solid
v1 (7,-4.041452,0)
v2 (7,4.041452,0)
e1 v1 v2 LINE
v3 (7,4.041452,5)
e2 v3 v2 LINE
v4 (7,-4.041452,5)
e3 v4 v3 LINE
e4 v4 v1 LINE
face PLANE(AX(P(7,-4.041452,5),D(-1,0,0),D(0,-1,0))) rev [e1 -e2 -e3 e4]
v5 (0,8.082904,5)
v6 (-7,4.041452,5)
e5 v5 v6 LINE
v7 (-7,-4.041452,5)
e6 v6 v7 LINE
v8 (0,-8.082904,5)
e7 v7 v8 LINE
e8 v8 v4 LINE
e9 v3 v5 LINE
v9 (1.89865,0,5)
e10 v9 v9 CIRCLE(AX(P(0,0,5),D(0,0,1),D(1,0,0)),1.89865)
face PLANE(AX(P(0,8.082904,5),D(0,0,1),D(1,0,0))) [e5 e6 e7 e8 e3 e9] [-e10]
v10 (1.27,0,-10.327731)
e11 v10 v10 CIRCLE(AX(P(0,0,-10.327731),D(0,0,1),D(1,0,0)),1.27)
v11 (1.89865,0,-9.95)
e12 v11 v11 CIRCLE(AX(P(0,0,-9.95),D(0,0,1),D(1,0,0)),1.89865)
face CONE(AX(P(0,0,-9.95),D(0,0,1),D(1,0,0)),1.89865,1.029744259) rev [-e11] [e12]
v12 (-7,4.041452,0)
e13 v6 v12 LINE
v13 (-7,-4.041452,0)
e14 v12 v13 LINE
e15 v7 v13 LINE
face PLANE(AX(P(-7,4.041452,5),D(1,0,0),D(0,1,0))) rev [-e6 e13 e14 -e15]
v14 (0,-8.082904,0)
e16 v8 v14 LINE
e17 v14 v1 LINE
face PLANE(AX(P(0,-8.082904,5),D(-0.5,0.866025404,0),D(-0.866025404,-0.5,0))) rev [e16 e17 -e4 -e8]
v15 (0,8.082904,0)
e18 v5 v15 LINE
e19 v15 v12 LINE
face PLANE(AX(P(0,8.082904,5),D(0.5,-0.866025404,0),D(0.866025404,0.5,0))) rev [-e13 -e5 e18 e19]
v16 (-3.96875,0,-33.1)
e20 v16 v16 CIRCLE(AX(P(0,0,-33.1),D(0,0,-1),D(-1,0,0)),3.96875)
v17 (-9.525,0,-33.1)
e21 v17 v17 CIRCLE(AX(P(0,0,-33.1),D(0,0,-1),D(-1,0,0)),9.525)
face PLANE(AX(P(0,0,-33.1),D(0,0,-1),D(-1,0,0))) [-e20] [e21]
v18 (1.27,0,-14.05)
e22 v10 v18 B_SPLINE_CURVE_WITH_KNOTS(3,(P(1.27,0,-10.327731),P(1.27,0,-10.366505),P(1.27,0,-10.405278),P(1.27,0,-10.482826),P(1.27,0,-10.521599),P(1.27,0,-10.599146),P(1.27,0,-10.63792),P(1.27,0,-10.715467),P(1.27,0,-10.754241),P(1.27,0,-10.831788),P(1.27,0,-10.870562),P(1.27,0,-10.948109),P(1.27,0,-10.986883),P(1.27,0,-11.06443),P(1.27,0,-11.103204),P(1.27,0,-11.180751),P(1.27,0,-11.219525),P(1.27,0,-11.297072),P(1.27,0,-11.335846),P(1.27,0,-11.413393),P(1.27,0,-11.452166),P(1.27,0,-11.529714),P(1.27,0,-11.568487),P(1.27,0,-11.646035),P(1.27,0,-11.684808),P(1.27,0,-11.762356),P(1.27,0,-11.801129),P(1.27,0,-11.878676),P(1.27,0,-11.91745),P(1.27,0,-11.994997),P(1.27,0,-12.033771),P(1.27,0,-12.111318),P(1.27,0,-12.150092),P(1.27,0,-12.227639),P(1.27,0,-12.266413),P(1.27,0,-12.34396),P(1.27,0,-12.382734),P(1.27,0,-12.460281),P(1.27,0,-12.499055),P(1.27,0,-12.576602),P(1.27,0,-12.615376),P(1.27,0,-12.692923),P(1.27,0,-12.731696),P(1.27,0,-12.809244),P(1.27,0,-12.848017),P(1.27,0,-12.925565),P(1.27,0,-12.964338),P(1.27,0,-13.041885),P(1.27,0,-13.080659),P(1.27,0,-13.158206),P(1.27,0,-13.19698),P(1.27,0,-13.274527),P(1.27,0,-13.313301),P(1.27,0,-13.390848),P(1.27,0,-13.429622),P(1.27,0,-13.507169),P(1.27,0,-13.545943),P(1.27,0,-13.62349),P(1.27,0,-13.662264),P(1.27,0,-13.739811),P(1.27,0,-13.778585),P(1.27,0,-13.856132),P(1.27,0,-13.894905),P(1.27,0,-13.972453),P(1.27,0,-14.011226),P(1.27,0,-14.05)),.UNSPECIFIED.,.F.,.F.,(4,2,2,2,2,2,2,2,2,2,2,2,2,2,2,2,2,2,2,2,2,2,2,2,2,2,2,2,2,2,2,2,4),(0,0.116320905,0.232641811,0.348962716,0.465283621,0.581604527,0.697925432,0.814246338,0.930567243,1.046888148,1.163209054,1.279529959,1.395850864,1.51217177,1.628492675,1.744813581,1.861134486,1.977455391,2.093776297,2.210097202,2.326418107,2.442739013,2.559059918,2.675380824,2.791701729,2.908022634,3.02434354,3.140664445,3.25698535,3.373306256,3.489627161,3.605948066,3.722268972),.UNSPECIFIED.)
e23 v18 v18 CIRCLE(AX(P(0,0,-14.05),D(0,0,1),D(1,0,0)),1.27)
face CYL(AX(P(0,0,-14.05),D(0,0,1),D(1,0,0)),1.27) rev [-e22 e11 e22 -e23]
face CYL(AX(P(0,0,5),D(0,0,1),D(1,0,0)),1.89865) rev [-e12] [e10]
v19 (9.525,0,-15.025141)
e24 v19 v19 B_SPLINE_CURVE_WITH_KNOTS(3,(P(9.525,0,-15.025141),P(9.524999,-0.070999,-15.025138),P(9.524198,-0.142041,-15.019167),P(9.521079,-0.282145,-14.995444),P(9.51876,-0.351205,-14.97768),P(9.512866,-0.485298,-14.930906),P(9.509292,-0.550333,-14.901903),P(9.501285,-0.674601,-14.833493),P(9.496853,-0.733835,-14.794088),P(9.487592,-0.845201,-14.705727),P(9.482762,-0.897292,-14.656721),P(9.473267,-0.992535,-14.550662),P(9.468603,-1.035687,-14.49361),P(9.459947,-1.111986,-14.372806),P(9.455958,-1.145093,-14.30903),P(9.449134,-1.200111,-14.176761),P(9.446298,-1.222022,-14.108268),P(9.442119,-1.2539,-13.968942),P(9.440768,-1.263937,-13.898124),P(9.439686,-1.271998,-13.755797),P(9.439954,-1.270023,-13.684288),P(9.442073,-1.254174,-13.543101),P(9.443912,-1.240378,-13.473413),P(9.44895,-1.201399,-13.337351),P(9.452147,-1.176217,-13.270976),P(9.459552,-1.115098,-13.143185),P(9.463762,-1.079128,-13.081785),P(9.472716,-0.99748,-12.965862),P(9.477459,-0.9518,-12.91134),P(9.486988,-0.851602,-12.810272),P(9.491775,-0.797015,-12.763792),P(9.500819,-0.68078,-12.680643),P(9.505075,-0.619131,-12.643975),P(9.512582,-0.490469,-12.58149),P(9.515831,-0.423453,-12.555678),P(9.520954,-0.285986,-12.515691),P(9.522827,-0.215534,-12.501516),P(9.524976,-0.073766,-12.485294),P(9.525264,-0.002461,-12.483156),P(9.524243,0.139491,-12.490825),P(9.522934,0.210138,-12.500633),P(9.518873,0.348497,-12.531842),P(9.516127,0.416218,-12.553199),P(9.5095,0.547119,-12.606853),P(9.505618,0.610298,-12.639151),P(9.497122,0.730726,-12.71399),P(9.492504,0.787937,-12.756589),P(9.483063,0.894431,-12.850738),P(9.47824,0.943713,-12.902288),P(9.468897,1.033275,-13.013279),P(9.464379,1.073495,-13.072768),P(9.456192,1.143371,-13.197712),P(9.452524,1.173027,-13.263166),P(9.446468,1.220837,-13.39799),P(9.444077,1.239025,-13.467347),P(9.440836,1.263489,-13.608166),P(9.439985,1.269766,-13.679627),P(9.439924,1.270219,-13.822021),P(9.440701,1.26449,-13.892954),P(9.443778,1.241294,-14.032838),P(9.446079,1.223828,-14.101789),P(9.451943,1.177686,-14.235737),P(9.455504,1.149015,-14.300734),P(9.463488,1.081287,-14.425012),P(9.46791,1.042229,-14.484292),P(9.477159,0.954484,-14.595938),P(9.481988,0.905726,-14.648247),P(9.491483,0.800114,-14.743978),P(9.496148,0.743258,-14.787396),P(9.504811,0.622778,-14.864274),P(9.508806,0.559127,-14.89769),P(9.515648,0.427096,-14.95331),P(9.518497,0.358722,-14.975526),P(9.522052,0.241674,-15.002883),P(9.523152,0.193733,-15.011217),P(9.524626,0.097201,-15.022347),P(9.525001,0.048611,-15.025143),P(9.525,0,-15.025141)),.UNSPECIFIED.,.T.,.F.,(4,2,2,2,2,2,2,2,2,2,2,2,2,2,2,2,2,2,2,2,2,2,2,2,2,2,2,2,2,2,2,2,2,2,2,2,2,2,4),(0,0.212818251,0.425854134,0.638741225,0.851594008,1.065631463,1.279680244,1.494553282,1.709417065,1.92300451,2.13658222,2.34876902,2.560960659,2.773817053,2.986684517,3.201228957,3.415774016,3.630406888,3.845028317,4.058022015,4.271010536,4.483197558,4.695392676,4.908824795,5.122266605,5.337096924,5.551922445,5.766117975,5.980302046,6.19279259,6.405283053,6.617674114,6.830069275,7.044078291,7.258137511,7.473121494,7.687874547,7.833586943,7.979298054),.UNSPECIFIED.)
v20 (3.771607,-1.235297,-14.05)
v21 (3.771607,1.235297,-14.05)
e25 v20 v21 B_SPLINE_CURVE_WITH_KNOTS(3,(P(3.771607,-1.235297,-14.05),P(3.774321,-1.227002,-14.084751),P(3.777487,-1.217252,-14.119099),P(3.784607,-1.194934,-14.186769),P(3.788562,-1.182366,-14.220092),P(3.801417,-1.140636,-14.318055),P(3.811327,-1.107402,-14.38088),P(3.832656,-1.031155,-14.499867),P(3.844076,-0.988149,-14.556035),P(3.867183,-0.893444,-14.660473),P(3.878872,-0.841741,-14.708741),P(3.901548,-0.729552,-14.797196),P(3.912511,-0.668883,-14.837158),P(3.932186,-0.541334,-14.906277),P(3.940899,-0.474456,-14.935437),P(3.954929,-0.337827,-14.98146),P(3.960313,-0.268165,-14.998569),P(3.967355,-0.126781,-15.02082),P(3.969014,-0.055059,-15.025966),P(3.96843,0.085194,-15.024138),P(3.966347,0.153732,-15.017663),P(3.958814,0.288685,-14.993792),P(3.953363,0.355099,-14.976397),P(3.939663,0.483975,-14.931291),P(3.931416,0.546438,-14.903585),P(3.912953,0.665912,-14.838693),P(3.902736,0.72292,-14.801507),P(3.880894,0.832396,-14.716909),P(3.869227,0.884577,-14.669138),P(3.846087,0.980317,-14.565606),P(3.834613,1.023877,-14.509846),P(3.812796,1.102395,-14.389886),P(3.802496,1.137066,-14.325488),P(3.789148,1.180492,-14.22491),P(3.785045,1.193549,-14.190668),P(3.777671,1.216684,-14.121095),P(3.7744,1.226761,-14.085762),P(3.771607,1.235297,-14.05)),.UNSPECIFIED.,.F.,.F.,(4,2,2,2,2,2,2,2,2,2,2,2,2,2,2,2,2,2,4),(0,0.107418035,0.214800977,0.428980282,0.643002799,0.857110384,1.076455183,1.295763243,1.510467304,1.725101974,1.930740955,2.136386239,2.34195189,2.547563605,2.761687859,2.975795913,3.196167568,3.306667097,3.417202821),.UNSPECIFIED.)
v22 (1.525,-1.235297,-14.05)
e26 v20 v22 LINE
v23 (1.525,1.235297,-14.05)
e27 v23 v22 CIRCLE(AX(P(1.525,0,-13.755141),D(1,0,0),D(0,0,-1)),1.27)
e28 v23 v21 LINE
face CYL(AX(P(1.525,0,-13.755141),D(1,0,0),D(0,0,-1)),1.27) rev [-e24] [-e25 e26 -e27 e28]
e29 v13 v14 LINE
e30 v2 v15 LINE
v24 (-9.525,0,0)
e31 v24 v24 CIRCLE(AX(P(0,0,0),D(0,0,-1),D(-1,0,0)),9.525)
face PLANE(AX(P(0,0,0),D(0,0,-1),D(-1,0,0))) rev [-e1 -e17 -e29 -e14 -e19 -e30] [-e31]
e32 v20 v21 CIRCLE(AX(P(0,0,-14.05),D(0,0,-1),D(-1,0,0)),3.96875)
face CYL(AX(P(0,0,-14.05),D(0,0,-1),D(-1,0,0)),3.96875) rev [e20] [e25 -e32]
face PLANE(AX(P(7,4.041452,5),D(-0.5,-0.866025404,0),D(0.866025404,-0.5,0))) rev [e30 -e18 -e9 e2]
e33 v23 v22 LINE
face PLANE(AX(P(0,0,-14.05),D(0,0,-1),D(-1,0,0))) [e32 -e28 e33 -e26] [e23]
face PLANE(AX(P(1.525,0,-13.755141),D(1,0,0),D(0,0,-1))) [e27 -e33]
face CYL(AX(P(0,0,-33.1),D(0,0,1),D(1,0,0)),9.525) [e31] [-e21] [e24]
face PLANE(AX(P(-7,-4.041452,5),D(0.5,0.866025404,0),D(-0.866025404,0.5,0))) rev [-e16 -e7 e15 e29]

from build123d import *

# Parameters (mm, degrees)
BOSS_EXTRUDE2_DEPTH        = 5
SKETCH2_R                  = 9.525
BOSS_EXTRUDE3_DEPTH        = 33.1
SKETCH3_R                  = 3.96875
CUT_EXTRUDE1_DEPTH         = 19.05
SKETCH4_R                  = 1.27
CUT_EXTRUDE2_DEPTH         = 19.05
F_10_24_TAPPED_HOLE1_D     = 3.7973
F_10_24_TAPPED_HOLE1_DEPTH = 14.95
F_10_24_TAPPED_HOLE1_TIP   = 1.140824014
SKETCH6_R                  = 1.27
CUT_EXTRUDE3_DEPTH         = 8


with BuildPart() as part:
    # Sketch1 → Boss-Extrude2 (new body)
    with BuildSketch(Plane.XY):
        Polygon((0, 8.082903769), (-7, 4.041451884), (-7, -4.041451884), (0, -8.082903769), (7, -4.041451884), (7, 4.041451884), align=None)
    extrude(amount=BOSS_EXTRUDE2_DEPTH)

    # Sketch2 → Boss-Extrude3 (add)
    with BuildSketch(Plane(origin=(0, 0, 0), x_dir=(-1, 0, 0), z_dir=(0, 0, -1))):
        Circle(SKETCH2_R)
    extrude(amount=BOSS_EXTRUDE3_DEPTH)

    # Sketch3 → Cut-Extrude1 (cut)
    with BuildSketch(Plane(origin=(0, 0, -33.1), x_dir=(-1, 0, 0), z_dir=(0, 0, -1))):
        Circle(SKETCH3_R)
    extrude(amount=-CUT_EXTRUDE1_DEPTH, mode=Mode.SUBTRACT)

    # Sketch4 → Cut-Extrude2 (cut)
    with BuildSketch(Plane.XY.offset(5)):
        Circle(SKETCH4_R)
    extrude(amount=-CUT_EXTRUDE2_DEPTH, mode=Mode.SUBTRACT)

    # #10-24 Tapped Hole1
    with Locations(Plane.XY.offset(5)):
        with Locations((0, 0)):
            Hole(F_10_24_TAPPED_HOLE1_D / 2, depth=F_10_24_TAPPED_HOLE1_DEPTH)
            with Locations((0, 0, -(F_10_24_TAPPED_HOLE1_DEPTH + F_10_24_TAPPED_HOLE1_TIP / 2))):  # 118° drill point
                Cone(0, F_10_24_TAPPED_HOLE1_D / 2, F_10_24_TAPPED_HOLE1_TIP, mode=Mode.SUBTRACT)

    # Sketch6 → Cut-Extrude3 (cut)
    with BuildSketch(Plane(origin=(9.525, 0, 0), x_dir=(0, 0, -1), z_dir=(1, 0, 0))):
        with Locations((13.755140778, 0)):
            Circle(SKETCH6_R)
    extrude(amount=-CUT_EXTRUDE3_DEPTH, mode=Mode.SUBTRACT)


solid = part.part
